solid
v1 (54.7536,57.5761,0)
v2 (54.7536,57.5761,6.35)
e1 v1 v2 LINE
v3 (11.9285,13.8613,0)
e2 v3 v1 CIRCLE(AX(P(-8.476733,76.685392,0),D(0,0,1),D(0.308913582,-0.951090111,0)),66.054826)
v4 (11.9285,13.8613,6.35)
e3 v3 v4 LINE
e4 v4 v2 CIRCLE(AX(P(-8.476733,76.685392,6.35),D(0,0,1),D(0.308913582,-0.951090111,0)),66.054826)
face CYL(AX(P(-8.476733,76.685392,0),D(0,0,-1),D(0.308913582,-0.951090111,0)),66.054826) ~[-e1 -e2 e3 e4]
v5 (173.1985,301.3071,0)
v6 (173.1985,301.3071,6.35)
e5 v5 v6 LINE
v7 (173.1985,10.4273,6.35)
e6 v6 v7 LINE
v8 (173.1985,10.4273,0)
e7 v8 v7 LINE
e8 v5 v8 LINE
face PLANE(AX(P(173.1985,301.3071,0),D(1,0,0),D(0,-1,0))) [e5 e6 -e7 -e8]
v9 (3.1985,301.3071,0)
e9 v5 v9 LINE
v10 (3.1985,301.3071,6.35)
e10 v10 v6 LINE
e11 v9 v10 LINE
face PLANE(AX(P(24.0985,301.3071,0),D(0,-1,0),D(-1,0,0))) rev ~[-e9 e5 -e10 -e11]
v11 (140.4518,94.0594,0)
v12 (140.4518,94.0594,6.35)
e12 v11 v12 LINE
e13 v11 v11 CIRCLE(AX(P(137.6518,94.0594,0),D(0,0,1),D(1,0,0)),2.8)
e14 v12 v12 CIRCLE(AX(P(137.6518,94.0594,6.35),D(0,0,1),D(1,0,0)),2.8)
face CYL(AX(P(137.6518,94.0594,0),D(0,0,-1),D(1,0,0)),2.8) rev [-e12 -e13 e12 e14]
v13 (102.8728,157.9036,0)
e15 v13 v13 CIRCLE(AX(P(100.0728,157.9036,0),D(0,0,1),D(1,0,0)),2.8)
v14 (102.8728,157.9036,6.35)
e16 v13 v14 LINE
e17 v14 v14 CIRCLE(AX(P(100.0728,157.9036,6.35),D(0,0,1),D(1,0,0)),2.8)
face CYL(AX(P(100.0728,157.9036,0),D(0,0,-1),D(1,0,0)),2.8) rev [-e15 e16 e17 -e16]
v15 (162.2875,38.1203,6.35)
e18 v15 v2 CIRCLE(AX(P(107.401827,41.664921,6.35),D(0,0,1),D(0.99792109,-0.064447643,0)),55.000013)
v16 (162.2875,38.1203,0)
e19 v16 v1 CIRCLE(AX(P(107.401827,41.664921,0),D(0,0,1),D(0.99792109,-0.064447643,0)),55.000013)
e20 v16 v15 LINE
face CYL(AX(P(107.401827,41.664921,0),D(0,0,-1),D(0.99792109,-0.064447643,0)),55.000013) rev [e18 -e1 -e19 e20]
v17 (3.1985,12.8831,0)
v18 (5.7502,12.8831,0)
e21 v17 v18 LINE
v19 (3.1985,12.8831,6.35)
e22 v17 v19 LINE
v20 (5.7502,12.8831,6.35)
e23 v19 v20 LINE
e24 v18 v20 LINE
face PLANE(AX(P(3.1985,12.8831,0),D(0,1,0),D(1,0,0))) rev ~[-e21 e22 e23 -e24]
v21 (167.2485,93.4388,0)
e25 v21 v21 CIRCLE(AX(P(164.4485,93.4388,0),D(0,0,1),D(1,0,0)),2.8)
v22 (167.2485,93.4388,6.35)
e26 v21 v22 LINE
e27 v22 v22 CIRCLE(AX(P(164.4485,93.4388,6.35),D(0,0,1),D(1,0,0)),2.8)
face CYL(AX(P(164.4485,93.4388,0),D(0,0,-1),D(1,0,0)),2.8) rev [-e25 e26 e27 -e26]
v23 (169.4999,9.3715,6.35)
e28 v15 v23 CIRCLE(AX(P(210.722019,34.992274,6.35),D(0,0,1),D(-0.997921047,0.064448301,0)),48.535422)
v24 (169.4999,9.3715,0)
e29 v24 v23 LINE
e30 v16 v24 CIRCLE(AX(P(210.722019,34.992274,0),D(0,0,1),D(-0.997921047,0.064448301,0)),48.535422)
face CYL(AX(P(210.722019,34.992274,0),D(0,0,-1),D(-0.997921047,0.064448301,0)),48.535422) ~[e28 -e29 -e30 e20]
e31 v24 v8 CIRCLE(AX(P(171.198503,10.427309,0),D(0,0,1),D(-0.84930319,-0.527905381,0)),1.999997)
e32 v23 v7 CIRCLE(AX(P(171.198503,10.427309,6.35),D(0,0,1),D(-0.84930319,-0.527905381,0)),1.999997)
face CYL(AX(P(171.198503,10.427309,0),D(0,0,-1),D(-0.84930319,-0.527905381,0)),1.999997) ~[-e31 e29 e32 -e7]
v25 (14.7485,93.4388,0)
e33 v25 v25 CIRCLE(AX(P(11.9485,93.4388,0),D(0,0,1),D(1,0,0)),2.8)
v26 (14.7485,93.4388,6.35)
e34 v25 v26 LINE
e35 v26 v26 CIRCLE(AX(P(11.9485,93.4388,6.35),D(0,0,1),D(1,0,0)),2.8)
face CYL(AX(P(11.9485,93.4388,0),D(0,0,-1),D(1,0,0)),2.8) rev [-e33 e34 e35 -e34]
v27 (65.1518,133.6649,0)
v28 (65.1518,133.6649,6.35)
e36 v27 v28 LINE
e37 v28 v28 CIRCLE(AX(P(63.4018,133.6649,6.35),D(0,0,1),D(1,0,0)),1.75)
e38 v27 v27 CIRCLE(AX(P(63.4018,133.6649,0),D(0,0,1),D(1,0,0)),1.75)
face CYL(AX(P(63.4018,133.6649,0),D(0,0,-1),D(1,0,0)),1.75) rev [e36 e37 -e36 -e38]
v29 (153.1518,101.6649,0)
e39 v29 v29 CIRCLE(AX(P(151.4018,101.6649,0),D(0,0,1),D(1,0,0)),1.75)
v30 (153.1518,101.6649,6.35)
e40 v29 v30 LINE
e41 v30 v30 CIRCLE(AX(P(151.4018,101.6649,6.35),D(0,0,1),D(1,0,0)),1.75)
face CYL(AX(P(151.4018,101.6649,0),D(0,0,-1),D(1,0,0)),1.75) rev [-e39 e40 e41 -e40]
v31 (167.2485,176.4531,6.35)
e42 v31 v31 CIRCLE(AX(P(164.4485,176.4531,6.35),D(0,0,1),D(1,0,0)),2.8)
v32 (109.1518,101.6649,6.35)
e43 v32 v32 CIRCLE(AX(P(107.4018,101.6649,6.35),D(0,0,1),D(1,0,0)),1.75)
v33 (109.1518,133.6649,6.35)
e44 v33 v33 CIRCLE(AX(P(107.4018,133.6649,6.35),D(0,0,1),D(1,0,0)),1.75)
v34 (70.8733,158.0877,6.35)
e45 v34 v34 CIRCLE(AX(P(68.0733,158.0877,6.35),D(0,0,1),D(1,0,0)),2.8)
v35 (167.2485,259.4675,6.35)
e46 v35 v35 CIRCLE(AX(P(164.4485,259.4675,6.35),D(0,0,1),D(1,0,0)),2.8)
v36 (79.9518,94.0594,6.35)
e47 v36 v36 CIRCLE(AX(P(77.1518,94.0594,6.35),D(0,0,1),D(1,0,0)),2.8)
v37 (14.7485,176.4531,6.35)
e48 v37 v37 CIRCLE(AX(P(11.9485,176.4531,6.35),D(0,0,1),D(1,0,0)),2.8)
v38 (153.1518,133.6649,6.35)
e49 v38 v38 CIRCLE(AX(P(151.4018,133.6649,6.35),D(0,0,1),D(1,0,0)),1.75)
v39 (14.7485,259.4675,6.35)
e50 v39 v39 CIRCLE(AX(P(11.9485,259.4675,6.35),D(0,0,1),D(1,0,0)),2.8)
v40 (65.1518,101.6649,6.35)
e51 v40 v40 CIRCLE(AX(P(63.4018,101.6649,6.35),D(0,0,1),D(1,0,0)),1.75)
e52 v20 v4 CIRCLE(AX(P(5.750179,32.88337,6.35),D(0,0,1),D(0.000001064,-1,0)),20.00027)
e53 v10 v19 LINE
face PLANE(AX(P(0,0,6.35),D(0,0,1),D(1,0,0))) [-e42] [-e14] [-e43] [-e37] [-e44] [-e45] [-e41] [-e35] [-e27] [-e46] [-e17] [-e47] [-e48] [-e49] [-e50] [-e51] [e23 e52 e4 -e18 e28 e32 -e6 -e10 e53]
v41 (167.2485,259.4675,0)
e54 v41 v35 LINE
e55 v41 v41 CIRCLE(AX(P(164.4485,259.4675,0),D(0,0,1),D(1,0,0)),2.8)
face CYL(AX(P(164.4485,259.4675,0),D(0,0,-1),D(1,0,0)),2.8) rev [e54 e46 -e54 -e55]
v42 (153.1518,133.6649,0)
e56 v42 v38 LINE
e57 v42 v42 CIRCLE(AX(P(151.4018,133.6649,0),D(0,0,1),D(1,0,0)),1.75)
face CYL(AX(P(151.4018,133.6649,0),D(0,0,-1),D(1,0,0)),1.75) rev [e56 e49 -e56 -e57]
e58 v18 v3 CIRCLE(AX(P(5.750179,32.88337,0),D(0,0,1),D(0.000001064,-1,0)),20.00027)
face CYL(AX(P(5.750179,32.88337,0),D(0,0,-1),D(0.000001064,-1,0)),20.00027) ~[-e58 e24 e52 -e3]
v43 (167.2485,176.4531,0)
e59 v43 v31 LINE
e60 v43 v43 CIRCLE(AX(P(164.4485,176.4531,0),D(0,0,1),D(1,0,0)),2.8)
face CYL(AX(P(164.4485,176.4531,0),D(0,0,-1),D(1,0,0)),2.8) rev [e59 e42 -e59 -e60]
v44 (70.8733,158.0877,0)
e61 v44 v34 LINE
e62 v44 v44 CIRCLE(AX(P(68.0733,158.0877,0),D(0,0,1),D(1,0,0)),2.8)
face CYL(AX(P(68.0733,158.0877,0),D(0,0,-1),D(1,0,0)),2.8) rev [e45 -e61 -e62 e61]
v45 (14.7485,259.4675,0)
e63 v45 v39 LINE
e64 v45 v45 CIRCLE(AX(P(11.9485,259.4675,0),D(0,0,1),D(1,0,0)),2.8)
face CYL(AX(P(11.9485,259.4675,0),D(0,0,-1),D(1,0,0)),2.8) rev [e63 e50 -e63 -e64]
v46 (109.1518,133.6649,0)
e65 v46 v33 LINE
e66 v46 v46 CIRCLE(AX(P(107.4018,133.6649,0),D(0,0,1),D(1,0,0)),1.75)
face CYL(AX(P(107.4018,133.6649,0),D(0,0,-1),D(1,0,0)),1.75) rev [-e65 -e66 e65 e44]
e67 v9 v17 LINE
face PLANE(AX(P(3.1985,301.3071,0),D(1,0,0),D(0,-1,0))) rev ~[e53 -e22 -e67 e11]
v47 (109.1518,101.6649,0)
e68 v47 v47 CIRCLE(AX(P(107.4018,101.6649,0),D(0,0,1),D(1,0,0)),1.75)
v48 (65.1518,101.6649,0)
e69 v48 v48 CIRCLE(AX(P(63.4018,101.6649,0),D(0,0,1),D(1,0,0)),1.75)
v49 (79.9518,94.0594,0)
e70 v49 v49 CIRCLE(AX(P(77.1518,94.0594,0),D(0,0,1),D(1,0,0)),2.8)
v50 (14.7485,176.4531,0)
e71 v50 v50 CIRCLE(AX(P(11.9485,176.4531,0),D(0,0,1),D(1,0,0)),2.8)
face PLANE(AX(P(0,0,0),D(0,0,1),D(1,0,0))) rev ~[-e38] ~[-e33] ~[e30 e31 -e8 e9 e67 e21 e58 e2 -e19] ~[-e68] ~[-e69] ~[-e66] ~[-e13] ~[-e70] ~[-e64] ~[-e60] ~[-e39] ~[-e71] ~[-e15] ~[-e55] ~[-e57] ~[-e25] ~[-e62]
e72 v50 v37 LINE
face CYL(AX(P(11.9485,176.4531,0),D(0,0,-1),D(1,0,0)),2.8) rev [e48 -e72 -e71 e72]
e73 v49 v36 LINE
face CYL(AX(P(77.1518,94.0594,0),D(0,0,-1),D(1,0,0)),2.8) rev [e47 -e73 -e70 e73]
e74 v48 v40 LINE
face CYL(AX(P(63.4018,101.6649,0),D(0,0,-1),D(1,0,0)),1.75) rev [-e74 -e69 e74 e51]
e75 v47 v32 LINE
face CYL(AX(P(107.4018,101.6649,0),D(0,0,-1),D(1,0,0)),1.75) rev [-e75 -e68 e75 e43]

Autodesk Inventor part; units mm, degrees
ref_plane "YZ Plane" through (0, 0, 0) normal (1, 0, 0) x (0, 1, 0)
ref_plane "XZ Plane" through (0, 0, 0) normal (0, 1, 0) x (-1, 0, 0)
ref_plane "XY Plane" through (0, 0, 0) normal (0, 0, 1) x (1, 0, 0)
sketch "Sketch1" plane through (0, 0, 0) normal (0, 0, 1) x (1, 0, 0)
  line L0 (177.0985, -0.0099) -> (177.0985, 299.9901)
  line L1 (177.0985, 299.9901) -> (-0.7015, 299.9901) construction
  line L2 (-0.7015, 299.9901) -> (-0.7015, 12.8831)
  line L3 (3.1985, 12.8831) -> (5.7502, 12.8831)
  arc A0 (162.2875, 38.1203) -> (54.7536, 57.5761) centre (107.4018, 41.6649) ccw
  arc A1 (11.9285, 13.8613) -> (54.7536, 57.5761) centre (-8.4768, 76.6855) ccw
  arc A2 (5.7502, 12.8831) -> (11.9285, 13.8613) centre (5.7502, 32.8831) ccw
  circle A3 centre (164.4485, 93.4388) radius 2.8
  circle A4 centre (164.4485, 176.4531) radius 2.8
  circle A5 centre (164.4485, 259.4675) radius 2.8
  circle A6 centre (11.9485, 259.4675) radius 2.8
  circle A7 centre (11.9485, 176.4531) radius 2.8
  circle A8 centre (11.9485, 93.4388) radius 2.8
  arc A9 (162.2875, 38.1203) -> (169.4999, 9.3715) centre (210.7223, 34.9923) ccw
  line L4 (83.4018, 393.7) -> (83.4018, -22.225) construction
  line L5 (83.4018, -22.225) -> (131.4018, -22.225) construction
  line L6 (131.4018, -22.225) -> (131.4018, 393.7) construction
  line L7 (131.4018, 393.7) -> (83.4018, 393.7) construction
  line L8 (83.4018, 393.7) -> (131.4018, -22.225) construction
  line L9 (83.4018, -22.225) -> (131.4018, 393.7) construction
  line L10 (36.4143, 133.6649) -> (149.1268, 133.6649) construction
  line L11 (41.1768, 101.6649) -> (144.3643, 101.6649) construction
  circle A10 centre (63.4018, 133.6649) radius 1.75
  circle A11 centre (63.4018, 101.6649) radius 1.75
  line L12 (63.4018, 133.6649) -> (63.4018, 101.6649) construction
  line L13 (107.4018, 31.6649) -> (107.4018, 185.7375) construction
  circle A12 centre (107.4018, 133.6649) radius 1.75
  circle A13 centre (107.4018, 101.6649) radius 1.75
  circle A14 centre (151.4018, 133.6649) radius 1.75
  circle A15 centre (151.4018, 101.6649) radius 1.75
  line L14 (151.4018, 133.6649) -> (151.4018, 101.6649) construction
  line L15 (173.1985, 301.3071) -> (173.1985, 10.4273)
  line L16 (177.0985, -0.0099) -> (177.0985, 42.269)
  line L17 (3.1985, 301.3071) -> (3.1985, 12.8831)
  line L18 (-0.7015, 12.8831) -> (-0.7015, 42.269)
  line L19 (24.0985, 301.3071) -> (-0.2015, 301.3071) projected
  line L20 (3.1985, 301.3071) -> (173.1985, 301.3071)
  line L21 (177.0985, 301.3071) -> (177.0985, 299.9901)
  line L22 (177.0985, 299.9901) -> (-0.7015, 299.9901) construction
  line L23 (-0.7015, 299.9901) -> (-0.7015, 301.3071)
  circle A16 centre (107.4018, 41.6649) radius 50.5415 projected
  circle A17 centre (137.6518, 94.0594) radius 2.8
  line L24 (137.6518, 94.0594) -> (107.4018, 41.6649) construction
  line L25 (107.4018, 41.6649) -> (75.7506, 96.4865) construction
  circle A18 centre (77.1518, 94.0594) radius 2.8
  arc A19 (169.4999, 9.3715) -> (173.1985, 10.4273) centre (171.1985, 10.4273) ccw
  circle A20 centre (100.0728, 157.9036) radius 4.75 projected
  circle A21 centre (68.0733, 158.0877) radius 4.75 projected
  circle A22 centre (100.0728, 157.9036) radius 2.8
  circle A23 centre (68.0733, 158.0877) radius 2.8
  point P0 (0, 0)
  point P1 (152.4018, -0.0099)
  point P2 (173.1985, 42.269)
  point P3 (3.1985, 42.269)
  point P4 (174.0985, 3.1425)
  point P5 (24.0985, 301.3071)
  point P6 (173.1985, 4.2079)
  dimension "d0" = 177.8
  dimension "d1" = 300
  dimension "d9" = 258.3252
  dimension "d10" = 55
  dimension "d11" = 108.1033
  dimension "d12" = 48
  dimension "d13" = 32
  dimension "d14" = 3.5
  dimension "d15" = 3.5
  dimension "d16" = 20
  dimension "d17" = 3.5
  dimension "d18" = 3.5
  dimension "d19" = 3.5
  dimension "d20" = 3.5
  dimension "d21" = 20
  dimension "d22" = 3.9
  dimension "d23" = 3.9
  dimension "d24" = 60
  dimension "d25" = 5.6
  dimension "d26" = 60.5
  dimension "d27" = 60
  dimension "d28" = 60
  dimension "d29" = 5.6
  dimension "d30" = 60.5
  dimension "d31" = 2
  dimension "d32" = 5.6
  dimension "d33" = 5.6
extrude "Extrusion1" add sketch "Sketch1" along normal blind 6.35 contours L17 L19 L20 L15 A19 A9 A0 A1 A2 L3 | A20 | A21
equation "\"d21\" = d16"
equation "\"d30\" = d26"
properties part number "Lower Deck" material "Polycarbonate, Clear"
